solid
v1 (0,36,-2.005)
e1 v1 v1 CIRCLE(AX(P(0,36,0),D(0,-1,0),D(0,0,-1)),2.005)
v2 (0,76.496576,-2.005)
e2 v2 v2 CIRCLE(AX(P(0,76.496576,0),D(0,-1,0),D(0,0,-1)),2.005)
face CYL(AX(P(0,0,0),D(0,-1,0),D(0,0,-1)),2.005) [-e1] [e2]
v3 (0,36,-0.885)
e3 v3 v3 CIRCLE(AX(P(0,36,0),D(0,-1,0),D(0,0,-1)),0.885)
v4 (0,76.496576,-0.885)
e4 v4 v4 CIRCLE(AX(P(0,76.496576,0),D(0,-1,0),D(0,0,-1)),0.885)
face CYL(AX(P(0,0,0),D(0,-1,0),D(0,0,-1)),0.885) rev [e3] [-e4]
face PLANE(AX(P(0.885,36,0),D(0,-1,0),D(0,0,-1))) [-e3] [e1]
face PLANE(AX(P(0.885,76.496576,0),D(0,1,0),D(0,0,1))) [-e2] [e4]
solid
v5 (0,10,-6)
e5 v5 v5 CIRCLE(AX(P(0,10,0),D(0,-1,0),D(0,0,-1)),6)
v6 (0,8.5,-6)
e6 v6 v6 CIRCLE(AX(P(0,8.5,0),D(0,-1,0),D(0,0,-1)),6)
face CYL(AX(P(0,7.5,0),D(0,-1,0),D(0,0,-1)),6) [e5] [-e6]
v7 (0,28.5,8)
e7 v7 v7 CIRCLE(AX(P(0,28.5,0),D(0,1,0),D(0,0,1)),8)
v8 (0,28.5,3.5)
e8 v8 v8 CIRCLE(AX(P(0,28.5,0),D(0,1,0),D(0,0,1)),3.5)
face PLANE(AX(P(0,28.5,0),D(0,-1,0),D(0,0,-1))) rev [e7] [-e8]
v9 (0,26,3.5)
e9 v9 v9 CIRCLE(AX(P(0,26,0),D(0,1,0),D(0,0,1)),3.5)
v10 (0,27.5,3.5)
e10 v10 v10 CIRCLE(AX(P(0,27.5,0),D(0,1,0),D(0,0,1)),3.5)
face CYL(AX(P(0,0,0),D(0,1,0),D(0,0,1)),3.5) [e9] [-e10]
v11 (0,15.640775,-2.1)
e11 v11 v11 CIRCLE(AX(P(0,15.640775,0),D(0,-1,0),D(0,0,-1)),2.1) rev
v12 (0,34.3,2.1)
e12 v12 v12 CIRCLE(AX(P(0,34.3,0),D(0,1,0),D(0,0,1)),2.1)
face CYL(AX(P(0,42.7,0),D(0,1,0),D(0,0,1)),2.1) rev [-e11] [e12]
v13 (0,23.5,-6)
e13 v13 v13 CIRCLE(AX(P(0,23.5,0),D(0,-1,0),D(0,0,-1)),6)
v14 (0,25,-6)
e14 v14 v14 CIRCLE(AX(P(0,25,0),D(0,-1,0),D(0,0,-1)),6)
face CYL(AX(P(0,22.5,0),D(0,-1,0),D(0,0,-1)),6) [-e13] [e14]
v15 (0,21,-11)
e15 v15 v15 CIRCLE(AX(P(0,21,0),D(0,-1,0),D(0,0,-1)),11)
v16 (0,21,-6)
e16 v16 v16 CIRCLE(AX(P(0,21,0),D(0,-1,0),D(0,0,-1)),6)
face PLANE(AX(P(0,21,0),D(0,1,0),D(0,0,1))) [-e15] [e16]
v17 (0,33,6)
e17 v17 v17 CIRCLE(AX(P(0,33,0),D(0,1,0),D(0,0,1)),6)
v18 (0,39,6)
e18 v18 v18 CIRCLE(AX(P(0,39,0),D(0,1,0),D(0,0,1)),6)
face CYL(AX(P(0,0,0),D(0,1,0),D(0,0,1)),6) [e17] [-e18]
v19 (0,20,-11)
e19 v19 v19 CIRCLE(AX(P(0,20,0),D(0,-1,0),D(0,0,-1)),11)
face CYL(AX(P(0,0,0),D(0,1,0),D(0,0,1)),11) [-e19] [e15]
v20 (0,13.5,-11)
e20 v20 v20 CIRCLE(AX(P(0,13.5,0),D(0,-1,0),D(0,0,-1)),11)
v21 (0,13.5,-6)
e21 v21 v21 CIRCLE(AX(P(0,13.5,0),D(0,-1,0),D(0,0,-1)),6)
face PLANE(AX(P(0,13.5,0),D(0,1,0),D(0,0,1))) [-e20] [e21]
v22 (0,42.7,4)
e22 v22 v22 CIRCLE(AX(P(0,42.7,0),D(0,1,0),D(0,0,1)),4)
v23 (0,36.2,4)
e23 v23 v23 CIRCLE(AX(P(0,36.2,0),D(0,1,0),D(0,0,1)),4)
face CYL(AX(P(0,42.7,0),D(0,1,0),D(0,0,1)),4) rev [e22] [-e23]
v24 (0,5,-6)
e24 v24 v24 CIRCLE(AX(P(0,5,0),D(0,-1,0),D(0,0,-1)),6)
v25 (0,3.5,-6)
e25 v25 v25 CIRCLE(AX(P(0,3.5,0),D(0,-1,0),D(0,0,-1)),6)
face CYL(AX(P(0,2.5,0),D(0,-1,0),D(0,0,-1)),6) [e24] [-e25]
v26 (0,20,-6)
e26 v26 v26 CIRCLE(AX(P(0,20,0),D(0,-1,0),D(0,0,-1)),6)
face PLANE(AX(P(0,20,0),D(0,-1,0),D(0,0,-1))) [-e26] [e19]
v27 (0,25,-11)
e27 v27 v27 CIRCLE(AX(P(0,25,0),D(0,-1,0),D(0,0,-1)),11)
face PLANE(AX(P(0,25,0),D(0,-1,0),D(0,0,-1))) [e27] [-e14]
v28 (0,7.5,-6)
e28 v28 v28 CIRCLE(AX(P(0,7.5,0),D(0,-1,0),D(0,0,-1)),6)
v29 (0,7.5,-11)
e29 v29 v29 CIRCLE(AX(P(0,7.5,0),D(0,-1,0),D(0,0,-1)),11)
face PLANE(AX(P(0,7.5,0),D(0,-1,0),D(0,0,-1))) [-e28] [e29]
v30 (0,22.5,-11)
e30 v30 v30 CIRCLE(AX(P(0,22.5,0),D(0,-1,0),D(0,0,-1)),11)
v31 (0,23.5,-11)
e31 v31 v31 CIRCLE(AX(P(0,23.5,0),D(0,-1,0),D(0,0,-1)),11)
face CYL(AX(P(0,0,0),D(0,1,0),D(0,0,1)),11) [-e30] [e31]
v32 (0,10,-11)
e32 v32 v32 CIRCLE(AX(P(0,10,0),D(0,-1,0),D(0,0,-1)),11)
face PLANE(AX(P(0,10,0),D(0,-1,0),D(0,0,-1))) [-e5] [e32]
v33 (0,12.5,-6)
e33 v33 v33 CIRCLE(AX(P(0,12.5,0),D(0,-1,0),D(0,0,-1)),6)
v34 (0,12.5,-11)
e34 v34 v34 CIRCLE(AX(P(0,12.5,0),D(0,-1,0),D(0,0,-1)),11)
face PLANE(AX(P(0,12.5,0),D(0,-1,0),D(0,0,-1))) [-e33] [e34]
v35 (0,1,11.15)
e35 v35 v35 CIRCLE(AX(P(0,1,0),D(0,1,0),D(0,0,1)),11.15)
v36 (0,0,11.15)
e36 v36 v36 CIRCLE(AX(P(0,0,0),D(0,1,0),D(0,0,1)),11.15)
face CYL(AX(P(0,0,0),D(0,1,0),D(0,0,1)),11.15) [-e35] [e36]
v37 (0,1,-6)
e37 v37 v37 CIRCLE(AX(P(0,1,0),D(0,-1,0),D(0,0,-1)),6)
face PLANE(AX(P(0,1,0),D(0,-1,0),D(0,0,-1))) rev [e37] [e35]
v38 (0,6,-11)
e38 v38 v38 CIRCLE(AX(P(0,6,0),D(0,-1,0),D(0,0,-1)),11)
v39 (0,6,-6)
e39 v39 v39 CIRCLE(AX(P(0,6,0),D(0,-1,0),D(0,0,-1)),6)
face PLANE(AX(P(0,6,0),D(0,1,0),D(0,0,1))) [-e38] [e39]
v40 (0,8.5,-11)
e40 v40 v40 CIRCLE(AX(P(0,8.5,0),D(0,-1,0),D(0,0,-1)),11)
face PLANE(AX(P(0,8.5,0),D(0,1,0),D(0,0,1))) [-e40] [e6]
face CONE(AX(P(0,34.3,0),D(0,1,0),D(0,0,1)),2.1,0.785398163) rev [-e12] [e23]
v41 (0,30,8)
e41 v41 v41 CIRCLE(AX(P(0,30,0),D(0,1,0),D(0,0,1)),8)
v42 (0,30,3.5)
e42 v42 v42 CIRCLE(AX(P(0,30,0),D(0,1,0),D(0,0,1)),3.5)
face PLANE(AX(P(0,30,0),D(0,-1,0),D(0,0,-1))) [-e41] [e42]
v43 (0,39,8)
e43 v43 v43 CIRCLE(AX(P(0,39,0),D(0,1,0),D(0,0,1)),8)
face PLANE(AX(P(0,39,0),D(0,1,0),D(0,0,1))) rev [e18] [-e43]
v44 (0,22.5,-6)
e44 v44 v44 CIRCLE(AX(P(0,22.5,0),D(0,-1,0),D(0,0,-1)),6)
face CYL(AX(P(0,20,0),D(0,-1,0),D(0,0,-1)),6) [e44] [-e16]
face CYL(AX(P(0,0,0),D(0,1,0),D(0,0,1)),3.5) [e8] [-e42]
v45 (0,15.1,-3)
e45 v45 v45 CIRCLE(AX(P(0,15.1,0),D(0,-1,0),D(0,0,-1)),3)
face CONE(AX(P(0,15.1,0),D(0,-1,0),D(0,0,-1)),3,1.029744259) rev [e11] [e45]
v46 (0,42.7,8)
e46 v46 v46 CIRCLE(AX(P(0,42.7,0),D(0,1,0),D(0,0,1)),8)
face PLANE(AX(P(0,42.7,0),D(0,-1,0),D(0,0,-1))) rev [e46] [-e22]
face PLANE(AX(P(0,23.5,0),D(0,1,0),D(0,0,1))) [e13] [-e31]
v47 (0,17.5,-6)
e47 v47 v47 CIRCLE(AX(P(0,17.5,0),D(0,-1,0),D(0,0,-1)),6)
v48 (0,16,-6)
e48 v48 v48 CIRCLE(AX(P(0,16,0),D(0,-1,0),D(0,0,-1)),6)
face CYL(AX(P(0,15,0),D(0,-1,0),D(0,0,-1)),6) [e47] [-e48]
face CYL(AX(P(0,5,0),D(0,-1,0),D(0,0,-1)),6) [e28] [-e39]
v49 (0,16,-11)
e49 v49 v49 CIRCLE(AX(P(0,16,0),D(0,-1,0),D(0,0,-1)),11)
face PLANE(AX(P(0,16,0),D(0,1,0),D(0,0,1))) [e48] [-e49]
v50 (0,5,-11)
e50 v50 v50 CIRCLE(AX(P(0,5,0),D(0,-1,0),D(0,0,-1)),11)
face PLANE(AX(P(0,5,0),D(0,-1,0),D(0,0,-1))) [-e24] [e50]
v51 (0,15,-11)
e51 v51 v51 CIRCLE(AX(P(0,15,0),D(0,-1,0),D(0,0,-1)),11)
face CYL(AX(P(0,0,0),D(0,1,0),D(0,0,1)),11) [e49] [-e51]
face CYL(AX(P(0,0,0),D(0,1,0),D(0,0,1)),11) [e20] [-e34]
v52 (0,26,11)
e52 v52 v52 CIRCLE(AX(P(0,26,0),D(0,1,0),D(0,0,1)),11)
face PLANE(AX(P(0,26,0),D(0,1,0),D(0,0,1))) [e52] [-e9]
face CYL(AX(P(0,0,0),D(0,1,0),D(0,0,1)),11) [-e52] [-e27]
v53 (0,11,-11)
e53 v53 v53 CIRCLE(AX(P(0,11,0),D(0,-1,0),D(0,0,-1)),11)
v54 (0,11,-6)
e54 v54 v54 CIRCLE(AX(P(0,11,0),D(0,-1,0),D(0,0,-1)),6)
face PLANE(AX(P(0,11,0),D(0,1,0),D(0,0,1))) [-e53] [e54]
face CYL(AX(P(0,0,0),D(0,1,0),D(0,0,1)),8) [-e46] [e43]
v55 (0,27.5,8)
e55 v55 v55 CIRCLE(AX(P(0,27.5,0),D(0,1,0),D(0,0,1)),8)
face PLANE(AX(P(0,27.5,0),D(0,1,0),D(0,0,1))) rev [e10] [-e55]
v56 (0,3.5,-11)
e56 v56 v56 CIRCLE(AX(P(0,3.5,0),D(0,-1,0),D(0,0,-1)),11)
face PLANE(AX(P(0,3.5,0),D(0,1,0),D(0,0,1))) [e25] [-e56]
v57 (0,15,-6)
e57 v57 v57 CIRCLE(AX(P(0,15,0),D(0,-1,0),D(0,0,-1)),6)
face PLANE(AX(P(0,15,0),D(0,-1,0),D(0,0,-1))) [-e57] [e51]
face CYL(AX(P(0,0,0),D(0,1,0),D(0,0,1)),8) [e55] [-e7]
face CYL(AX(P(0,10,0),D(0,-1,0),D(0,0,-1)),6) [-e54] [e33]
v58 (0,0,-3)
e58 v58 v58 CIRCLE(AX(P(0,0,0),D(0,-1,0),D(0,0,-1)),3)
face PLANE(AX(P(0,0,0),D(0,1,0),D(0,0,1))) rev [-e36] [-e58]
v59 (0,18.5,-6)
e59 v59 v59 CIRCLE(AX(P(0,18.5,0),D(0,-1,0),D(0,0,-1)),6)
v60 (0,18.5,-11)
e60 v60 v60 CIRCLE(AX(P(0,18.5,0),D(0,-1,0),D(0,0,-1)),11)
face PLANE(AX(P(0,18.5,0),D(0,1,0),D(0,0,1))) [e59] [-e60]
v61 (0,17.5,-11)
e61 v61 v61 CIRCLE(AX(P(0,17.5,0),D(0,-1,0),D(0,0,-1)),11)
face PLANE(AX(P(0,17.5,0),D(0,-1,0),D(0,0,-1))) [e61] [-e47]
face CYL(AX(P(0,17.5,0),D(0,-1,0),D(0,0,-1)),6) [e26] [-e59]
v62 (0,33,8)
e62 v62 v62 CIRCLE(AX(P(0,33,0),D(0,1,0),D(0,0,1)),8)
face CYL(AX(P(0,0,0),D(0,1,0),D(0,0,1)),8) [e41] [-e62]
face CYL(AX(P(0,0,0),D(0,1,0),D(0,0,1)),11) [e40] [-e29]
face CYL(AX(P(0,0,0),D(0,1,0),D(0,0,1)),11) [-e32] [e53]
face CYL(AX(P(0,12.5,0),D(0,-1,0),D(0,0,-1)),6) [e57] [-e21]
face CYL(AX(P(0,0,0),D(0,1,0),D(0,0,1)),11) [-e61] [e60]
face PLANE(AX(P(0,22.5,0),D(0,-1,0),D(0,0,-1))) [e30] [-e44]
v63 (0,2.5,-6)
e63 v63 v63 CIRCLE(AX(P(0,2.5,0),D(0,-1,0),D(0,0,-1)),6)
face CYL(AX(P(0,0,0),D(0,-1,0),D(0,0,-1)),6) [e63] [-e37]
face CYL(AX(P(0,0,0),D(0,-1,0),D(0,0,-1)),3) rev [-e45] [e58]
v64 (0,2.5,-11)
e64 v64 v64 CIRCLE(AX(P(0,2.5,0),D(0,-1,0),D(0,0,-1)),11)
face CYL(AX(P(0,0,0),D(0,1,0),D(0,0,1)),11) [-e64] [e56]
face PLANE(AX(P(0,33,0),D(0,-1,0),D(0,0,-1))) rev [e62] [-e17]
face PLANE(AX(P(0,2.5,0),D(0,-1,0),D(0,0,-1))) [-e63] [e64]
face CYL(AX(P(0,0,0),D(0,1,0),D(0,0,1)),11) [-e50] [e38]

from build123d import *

# Parameters (mm, degrees)
SKETCH2_W                 = 5
SKETCH2_H                 = 1.5
LPATTERN1_COUNT           = 10
LPATTERN1_PITCH           = 2.5
M7X1_0_TAPPED_HOLE1_D     = 6
M7X1_0_TAPPED_HOLE1_DEPTH = 15.1
M7X1_0_TAPPED_HOLE1_TIP   = 1.802581857
SKETCH6_W                 = 1.12
SKETCH6_H                 = 40.496575644


with BuildPart() as part:
    # Sketch1 → Revolve1 (revolve)
    with BuildSketch(Plane.XY):
        Polygon((0, 42.7), (0, 0), (11.15, 0), (11.15, 1), (11, 1), (11, 26), (3.5, 26), (3.5, 27.5), (8, 27.5), (8, 28.5), (3.5, 28.5), (3.5, 30), (8, 30), (8, 33), (6, 33), (6, 39), (8, 39), (8, 42.7), align=None)
    revolve(axis=Axis((0, 0, 0), (0, -1, 0)))

    # Sketch2 → Cut-Revolve1 (revolve, cut)
    with BuildSketch(Plane.XY):
        with Locations((8.5, 1.75)):
            Rectangle(SKETCH2_W, SKETCH2_H)
    cut_revolve1 = revolve(axis=Axis((0, 0, 0), (0, 1, 0)), mode=Mode.SUBTRACT)

    # LPattern1: Cut-Revolve1 ×10
    with Locations(*[(0, i * LPATTERN1_PITCH, 0) for i in range(1, LPATTERN1_COUNT)]):
        add(cut_revolve1, mode=Mode.SUBTRACT)

    # Sketch3 → Cut-Revolve2 (revolve, cut)
    with BuildSketch(Plane.XY):
        Polygon((0, 42.7), (0, 0), (2.1, 0), (2.1, 34.3), (4, 36.2), (4, 42.7), align=None)
    revolve(axis=Axis((0, 42.7, 0), (0, -1, 0)), mode=Mode.SUBTRACT)

    # M7x1.0 Tapped Hole1
    with Locations(Plane(origin=(0, 0, 0), x_dir=(-1, 0, 0), z_dir=(0, -1, 0))):
        with Locations((0, 0)):
            Hole(M7X1_0_TAPPED_HOLE1_D / 2, depth=M7X1_0_TAPPED_HOLE1_DEPTH)
            with Locations((0, 0, -(M7X1_0_TAPPED_HOLE1_DEPTH + M7X1_0_TAPPED_HOLE1_TIP / 2))):  # 118° drill point
                Cone(0, M7X1_0_TAPPED_HOLE1_D / 2, M7X1_0_TAPPED_HOLE1_TIP, mode=Mode.SUBTRACT)


with BuildPart() as body_2:
    # Sketch6 → Revolve2 (revolve)
    with BuildSketch(Plane.XY):
        with Locations((1.445, 56.248287822)):
            Rectangle(SKETCH6_W, SKETCH6_H)
    revolve(axis=Axis((0, 0, 0), (0, 1, 0)))


solid = Compound([part.part, body_2.part])
